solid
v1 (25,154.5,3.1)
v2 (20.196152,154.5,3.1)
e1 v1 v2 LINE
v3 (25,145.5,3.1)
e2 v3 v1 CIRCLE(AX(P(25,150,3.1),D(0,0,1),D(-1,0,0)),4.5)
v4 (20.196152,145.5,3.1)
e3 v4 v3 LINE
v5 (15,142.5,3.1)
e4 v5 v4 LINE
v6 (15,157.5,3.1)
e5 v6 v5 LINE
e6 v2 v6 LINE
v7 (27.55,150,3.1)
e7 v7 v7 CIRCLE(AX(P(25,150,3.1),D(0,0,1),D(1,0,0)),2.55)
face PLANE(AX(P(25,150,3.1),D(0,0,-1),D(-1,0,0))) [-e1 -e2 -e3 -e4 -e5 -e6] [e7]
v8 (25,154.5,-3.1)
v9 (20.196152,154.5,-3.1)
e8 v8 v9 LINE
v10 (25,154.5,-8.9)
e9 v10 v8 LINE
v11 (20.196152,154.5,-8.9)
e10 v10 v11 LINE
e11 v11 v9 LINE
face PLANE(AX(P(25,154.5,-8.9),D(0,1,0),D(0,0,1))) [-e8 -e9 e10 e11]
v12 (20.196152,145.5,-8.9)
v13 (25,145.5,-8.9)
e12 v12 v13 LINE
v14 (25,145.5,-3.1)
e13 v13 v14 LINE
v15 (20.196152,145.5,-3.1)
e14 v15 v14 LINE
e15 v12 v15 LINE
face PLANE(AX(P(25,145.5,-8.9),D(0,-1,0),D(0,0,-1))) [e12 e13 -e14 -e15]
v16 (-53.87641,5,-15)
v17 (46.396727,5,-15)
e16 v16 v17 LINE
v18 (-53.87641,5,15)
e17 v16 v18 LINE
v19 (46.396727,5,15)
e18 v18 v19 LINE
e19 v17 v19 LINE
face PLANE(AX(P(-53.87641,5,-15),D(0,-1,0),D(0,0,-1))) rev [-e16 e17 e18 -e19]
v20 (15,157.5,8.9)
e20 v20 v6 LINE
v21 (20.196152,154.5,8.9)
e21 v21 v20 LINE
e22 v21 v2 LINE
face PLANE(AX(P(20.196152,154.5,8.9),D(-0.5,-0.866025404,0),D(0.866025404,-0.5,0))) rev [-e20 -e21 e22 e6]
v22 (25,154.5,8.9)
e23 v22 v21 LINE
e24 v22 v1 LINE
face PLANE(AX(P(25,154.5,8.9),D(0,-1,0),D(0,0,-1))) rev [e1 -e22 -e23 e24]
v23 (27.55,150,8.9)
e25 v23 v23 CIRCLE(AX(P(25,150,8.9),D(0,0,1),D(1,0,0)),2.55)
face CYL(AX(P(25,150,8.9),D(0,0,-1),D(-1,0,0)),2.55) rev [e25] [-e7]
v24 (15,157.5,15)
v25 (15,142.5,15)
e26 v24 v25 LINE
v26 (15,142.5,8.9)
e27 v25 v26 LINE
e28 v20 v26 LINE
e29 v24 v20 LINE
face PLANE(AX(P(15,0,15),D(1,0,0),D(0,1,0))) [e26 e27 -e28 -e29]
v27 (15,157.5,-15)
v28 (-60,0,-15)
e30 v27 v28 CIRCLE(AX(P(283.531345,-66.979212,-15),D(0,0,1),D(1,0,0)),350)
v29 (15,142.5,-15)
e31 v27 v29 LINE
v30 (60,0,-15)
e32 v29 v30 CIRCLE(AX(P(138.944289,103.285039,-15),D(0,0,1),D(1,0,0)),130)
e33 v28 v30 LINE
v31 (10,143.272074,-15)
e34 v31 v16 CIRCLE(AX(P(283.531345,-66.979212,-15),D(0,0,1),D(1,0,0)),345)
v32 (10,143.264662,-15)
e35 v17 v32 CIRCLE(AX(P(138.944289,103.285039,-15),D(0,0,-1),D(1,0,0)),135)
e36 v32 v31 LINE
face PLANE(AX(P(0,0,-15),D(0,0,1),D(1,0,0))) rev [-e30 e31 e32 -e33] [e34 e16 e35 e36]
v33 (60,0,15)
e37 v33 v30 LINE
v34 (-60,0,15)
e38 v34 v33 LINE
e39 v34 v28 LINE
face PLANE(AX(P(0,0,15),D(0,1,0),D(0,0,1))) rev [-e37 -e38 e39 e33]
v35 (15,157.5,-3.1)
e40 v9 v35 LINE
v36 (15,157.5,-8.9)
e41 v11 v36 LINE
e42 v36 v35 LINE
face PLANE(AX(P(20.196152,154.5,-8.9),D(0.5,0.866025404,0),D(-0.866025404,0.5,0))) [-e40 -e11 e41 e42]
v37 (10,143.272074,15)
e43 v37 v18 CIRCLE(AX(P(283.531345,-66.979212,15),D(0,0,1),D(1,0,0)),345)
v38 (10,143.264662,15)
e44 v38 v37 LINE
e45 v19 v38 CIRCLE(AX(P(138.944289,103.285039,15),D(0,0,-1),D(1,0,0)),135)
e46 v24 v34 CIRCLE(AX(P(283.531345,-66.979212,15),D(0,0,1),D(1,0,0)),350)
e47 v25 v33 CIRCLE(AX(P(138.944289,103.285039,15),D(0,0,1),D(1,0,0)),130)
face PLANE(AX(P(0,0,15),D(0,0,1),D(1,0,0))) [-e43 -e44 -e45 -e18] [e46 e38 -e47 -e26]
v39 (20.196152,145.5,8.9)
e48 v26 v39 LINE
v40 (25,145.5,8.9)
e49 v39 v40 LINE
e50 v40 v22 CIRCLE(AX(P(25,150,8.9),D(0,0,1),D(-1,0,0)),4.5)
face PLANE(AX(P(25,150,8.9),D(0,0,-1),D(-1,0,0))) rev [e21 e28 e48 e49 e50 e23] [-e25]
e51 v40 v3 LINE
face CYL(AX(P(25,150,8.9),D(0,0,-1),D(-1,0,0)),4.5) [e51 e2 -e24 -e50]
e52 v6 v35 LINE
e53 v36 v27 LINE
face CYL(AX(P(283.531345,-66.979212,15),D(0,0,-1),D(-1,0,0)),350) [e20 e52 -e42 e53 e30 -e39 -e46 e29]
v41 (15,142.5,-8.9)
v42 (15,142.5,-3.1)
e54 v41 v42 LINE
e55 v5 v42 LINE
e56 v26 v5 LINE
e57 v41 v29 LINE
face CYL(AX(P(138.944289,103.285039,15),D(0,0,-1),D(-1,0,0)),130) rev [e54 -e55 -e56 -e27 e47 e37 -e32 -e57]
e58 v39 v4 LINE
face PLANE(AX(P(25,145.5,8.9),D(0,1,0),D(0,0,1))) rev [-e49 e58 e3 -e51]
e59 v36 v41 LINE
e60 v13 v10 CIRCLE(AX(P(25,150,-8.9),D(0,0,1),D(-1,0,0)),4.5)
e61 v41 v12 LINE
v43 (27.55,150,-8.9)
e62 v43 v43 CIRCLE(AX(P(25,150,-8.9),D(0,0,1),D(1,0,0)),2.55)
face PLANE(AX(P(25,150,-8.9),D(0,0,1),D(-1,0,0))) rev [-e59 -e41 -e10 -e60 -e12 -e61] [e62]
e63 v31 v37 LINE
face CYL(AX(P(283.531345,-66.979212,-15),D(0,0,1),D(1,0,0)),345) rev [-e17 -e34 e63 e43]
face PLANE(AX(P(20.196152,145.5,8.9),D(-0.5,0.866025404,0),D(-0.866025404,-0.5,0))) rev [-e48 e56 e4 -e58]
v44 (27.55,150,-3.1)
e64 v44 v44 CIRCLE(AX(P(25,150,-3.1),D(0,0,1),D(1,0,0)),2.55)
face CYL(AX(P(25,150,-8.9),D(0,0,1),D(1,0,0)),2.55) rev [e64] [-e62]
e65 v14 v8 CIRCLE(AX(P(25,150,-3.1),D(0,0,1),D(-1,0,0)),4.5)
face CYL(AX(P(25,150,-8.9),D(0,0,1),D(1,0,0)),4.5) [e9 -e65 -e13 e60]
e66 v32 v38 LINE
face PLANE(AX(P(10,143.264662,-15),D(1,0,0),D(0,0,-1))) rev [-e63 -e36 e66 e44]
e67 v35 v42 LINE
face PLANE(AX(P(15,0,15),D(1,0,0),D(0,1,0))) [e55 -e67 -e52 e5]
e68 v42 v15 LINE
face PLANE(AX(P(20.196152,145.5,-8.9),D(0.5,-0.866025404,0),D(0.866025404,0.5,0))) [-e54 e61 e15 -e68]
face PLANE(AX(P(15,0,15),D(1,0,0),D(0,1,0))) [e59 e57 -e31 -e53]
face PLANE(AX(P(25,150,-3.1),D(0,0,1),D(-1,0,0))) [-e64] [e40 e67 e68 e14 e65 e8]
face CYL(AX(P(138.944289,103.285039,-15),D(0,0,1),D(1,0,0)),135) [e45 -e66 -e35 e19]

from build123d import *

# Parameters (mm, degrees)
BOSS_EXTRUDE1_DEPTH = 15
CUT_EXTRUDE1_DEPTH  = 172.190683158
BOSS_EXTRUDE2_START = 3.1
SKETCH4_R           = 2.55
BOSS_EXTRUDE2_DEPTH = 5.8


with BuildPart() as part:
    # Sketch1 → Boss-Extrude1 (new, symmetric)
    with BuildSketch(Plane.XY):
        with BuildLine():
            Line((-60, 0), (60, 0))
            ThreePointArc((60, 0), (14.978542663, 64.137960841), (15, 142.5))
            Line((15, 142.5), (15, 157.5))
            ThreePointArc((15, 157.5), (-32.469836355, 83.497541122), (-60, 0))
        make_face()
    extrude(amount=BOSS_EXTRUDE1_DEPTH, both=True)

    # Sketch3 → Cut-Extrude1 (cut, through all)
    with BuildSketch(Plane.XY.offset(15)):
        with BuildLine():
            Line((10, 143.26466224), (10, 143.272073771))
            ThreePointArc((10, 143.272073771), (-29.664180918, 77.705142353), (-53.876409624, 5))
            Line((-53.876409624, 5), (46.39672745, 5))
            ThreePointArc((46.39672745, 5), (8.391850624, 68.918473527), (10, 143.26466224))
        make_face()
    extrude(amount=-CUT_EXTRUDE1_DEPTH, mode=Mode.SUBTRACT)

    # Sketch4 → Boss-Extrude2 (add)
    with BuildSketch(Plane.XY.offset(BOSS_EXTRUDE2_START)):
        with BuildLine():
            Line((25, 145.5), (20.196152423, 145.5))
            Line((20.196152423, 145.5), (15, 142.5))
            Line((15, 142.5), (15, 157.5))
            Line((15, 157.5), (20.196152423, 154.5))
            Line((20.196152423, 154.5), (25, 154.5))
            ThreePointArc((25, 154.5), (29.5, 150), (25, 145.5))
        make_face()
        with Locations((25, 150)):
            Circle(SKETCH4_R, mode=Mode.SUBTRACT)
    boss_extrude2 = extrude(amount=BOSS_EXTRUDE2_DEPTH)

    # Mirror1: Boss-Extrude2 across plane
    add(boss_extrude2.mirror(Plane.XY))


solid = part.part
